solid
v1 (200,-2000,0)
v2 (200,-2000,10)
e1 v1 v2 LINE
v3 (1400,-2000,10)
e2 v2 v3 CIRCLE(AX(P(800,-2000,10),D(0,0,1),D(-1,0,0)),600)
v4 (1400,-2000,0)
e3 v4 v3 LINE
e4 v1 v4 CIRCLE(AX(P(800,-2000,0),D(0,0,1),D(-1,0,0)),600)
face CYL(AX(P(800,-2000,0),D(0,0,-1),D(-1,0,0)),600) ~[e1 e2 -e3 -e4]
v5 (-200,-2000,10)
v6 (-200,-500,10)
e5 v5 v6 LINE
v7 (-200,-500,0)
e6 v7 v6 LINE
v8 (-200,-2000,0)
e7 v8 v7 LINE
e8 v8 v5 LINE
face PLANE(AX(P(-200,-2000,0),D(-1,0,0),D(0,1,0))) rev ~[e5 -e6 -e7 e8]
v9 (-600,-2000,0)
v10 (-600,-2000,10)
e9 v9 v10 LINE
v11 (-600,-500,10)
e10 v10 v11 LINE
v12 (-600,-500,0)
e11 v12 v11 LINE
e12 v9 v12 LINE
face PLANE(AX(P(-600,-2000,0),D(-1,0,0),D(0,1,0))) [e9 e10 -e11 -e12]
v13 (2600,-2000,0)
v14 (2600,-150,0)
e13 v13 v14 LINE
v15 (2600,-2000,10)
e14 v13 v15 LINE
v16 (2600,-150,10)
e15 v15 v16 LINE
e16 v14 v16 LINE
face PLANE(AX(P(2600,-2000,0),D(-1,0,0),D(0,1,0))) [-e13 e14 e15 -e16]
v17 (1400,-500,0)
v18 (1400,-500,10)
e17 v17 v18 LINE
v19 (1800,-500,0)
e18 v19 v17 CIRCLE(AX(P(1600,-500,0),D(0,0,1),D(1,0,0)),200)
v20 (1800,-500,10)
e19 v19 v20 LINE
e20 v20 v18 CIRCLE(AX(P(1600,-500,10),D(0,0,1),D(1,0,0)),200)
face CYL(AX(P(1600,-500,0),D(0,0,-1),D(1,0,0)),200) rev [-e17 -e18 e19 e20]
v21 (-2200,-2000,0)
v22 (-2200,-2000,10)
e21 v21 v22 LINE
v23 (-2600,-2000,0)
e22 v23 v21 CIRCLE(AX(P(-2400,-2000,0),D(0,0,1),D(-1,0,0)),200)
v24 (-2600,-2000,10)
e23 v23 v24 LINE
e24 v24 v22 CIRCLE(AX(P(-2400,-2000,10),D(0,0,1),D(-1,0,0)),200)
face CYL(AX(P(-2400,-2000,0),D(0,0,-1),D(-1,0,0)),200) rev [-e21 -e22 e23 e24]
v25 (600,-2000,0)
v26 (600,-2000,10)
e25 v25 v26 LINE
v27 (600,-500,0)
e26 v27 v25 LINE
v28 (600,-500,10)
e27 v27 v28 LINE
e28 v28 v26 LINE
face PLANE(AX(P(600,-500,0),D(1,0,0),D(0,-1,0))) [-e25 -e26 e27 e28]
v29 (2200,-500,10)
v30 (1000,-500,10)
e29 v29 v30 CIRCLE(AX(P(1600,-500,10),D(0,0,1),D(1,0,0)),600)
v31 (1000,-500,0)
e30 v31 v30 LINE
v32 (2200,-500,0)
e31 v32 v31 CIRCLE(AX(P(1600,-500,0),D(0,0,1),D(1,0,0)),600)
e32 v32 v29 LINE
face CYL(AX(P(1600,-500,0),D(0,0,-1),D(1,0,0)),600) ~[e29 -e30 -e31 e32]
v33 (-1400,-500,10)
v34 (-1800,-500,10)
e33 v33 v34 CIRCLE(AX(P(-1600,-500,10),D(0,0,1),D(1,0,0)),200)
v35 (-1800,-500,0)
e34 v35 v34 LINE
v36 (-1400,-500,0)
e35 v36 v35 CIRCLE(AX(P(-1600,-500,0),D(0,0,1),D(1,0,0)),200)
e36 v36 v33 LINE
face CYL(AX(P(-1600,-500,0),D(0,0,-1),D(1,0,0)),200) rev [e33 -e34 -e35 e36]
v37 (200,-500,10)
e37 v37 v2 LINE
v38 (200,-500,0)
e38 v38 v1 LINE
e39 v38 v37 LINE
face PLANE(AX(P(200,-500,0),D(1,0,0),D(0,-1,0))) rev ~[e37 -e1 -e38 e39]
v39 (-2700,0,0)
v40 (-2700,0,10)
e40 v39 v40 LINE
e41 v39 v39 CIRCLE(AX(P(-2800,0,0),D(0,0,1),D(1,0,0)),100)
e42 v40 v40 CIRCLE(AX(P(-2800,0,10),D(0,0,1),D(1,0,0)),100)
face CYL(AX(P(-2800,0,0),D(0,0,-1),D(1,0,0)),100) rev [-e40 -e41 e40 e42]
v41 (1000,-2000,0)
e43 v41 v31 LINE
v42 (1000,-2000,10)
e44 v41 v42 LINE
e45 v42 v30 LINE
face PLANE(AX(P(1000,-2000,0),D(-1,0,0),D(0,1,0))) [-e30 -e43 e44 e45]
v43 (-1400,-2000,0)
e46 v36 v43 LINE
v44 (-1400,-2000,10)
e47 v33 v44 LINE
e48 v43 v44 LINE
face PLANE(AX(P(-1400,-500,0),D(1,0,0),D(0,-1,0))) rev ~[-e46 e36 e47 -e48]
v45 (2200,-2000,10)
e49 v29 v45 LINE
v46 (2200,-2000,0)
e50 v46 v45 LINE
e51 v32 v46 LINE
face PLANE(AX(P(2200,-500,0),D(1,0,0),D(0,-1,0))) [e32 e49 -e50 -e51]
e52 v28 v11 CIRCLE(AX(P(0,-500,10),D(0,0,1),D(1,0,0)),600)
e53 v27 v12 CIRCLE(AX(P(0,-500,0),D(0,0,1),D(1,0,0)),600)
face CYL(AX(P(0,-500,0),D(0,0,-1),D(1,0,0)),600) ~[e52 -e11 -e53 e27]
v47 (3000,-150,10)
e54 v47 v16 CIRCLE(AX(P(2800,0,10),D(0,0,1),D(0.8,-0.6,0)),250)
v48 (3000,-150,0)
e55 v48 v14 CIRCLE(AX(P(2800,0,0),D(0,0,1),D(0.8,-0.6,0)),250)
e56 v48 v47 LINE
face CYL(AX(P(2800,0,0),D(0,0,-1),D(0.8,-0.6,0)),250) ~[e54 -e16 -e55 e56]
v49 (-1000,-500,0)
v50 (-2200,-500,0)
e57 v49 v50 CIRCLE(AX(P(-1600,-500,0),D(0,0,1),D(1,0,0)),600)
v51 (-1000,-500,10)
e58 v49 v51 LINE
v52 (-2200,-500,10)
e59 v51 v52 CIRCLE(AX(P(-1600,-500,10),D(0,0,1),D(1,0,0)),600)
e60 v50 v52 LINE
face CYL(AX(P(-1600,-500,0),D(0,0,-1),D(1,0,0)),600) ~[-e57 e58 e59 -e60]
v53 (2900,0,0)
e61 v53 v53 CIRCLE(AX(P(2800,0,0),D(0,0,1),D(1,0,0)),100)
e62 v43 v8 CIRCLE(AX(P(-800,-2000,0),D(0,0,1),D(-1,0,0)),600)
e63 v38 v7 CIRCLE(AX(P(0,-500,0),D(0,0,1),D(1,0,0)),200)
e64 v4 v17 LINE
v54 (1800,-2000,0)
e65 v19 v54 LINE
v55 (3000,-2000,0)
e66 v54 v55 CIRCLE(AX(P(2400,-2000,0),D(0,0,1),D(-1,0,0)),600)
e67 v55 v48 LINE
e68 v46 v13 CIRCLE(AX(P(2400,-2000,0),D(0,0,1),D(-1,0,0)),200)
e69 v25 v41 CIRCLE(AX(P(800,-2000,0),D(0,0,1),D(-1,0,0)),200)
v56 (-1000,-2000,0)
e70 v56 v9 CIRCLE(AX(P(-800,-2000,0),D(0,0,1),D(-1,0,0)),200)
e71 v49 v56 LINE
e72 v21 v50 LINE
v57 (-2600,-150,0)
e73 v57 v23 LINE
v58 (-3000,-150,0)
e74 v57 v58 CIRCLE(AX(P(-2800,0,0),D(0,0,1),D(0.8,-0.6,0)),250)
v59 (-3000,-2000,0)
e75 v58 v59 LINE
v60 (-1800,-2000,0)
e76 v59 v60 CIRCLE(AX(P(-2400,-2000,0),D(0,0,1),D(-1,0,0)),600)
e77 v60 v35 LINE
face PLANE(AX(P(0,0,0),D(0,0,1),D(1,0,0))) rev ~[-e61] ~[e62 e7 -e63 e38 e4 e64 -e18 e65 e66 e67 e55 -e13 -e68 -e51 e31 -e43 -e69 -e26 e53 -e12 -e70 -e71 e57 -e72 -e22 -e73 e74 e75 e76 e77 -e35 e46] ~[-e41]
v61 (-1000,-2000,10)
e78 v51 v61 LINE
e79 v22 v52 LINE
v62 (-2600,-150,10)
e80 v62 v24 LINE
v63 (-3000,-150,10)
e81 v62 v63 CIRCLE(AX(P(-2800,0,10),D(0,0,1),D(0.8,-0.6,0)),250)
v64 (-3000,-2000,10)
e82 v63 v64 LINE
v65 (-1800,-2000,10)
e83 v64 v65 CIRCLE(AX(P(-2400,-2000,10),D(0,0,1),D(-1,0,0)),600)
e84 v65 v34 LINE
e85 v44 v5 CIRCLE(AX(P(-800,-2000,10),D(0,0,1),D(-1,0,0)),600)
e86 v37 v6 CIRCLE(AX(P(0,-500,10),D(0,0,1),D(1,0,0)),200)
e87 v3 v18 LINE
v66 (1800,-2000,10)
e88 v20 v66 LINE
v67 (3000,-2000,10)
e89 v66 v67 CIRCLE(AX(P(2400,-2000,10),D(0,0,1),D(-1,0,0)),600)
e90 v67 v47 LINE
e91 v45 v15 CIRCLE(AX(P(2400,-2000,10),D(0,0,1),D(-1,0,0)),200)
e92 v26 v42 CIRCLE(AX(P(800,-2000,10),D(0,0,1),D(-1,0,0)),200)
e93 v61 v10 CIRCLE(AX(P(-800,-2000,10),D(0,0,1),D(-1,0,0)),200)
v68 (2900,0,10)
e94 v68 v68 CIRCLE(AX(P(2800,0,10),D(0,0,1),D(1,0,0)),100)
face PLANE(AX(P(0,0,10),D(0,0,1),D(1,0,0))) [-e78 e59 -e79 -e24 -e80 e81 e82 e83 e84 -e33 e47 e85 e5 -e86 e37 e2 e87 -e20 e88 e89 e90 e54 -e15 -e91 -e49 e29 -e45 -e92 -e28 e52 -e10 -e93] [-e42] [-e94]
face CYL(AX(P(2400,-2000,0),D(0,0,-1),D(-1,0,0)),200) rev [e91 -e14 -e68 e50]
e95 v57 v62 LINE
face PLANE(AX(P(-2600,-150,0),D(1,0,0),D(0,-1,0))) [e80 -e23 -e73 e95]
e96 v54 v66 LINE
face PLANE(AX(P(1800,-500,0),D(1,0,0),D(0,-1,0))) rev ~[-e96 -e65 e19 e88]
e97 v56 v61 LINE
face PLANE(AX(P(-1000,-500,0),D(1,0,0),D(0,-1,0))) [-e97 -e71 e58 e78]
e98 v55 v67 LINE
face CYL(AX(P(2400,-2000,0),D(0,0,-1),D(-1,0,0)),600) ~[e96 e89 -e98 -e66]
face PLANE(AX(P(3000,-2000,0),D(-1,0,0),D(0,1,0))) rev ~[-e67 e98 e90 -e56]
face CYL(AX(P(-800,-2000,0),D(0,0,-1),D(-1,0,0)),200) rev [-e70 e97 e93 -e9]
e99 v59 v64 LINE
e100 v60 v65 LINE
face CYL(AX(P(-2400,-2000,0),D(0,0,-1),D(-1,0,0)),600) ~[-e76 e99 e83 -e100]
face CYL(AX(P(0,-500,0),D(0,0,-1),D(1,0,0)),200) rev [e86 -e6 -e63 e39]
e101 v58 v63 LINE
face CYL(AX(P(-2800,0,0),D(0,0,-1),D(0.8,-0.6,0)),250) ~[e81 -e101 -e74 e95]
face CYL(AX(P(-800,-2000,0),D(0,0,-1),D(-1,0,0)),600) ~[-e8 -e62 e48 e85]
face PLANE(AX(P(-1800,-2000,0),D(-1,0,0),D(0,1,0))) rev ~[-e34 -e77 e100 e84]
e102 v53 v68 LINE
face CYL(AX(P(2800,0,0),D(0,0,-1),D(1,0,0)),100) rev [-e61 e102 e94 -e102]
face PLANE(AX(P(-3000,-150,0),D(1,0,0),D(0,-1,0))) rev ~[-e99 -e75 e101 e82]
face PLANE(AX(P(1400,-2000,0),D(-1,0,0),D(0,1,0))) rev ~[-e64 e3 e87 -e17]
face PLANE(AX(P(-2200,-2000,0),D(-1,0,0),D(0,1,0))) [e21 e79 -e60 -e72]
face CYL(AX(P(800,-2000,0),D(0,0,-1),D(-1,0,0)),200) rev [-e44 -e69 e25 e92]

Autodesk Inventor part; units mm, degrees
ref_plane "YZ Plane" through (0, 0, 0) normal (1, 0, 0) x (0, 1, 0)
ref_plane "XZ Plane" through (0, 0, 0) normal (0, 1, 0) x (-1, 0, 0)
ref_plane "XY Plane" through (0, 0, 0) normal (0, 0, 1) x (1, 0, 0)
sketch "Sketch3" plane through (0, 0, 0) normal (0, 0, 1) x (1, 0, 0)
  circle A0 centre (-2800, 0) radius 250 construction
  line L0 (-2800, 0) -> (-2800, -2000) construction
  line L1 (-3000, -150) -> (-3000, -2000)
  line L2 (-2600, -150) -> (-2600, -2000)
  circle A1 centre (-2400, -2000) radius 200 construction
  arc A2 (-2600, -2000) -> (-2200, -2000) centre (-2400, -2000) ccw
  circle A3 centre (-2400, -2000) radius 600 construction
  arc A4 (-3000, -2000) -> (-1800, -2000) centre (-2400, -2000) ccw
  line L3 (-2200, -2000) -> (-2200, -500)
  line L4 (-1800, -2000) -> (-1800, -500)
  circle A5 centre (-1600, -500) radius 200 construction
  arc A6 (-1400, -500) -> (-1800, -500) centre (-1600, -500) ccw
  circle A7 centre (-1600, -500) radius 600 construction
  arc A8 (-1000, -500) -> (-2200, -500) centre (-1600, -500) ccw
  line L5 (-1400, -500) -> (-1400, -2000)
  line L6 (-1000, -500) -> (-1000, -2000)
  circle A9 centre (-800, -2000) radius 200 construction
  arc A10 (-1000, -2000) -> (-600, -2000) centre (-800, -2000) ccw
  circle A11 centre (-800, -2000) radius 600 construction
  arc A12 (-1400, -2000) -> (-200, -2000) centre (-800, -2000) ccw
  line L7 (-600, -2000) -> (-600, -500)
  line L8 (-200, -2000) -> (-200, -500)
  circle A13 centre (0, -500) radius 200 construction
  arc A14 (200, -500) -> (-200, -500) centre (0, -500) ccw
  circle A15 centre (0, -500) radius 600 construction
  arc A16 (600, -500) -> (-600, -500) centre (0, -500) ccw
  line L9 (200, -500) -> (200, -2000)
  line L10 (600, -500) -> (600, -2000)
  circle A17 centre (800, -2000) radius 200 construction
  arc A18 (600, -2000) -> (1000, -2000) centre (800, -2000) ccw
  circle A19 centre (800, -2000) radius 600 construction
  arc A20 (200, -2000) -> (1400, -2000) centre (800, -2000) ccw
  line L11 (1000, -2000) -> (1000, -500)
  line L12 (1400, -2000) -> (1400, -500)
  circle A21 centre (1600, -500) radius 200 construction
  arc A22 (1800, -500) -> (1400, -500) centre (1600, -500) ccw
  circle A23 centre (1600, -500) radius 600 construction
  arc A24 (2200, -500) -> (1000, -500) centre (1600, -500) ccw
  line L13 (1800, -500) -> (1800, -2000)
  line L14 (2200, -500) -> (2200, -2000)
  circle A25 centre (2400, -2000) radius 200 construction
  arc A26 (2200, -2000) -> (2600, -2000) centre (2400, -2000) ccw
  circle A27 centre (2400, -2000) radius 600 construction
  arc A28 (1800, -2000) -> (3000, -2000) centre (2400, -2000) ccw
  line L15 (2600, -2000) -> (2600, -150)
  line L16 (3000, -2000) -> (3000, -150)
  circle A29 centre (2800, 0) radius 250 construction
  line L17 (-2800, 0) -> (2800, 0) construction
  circle A30 centre (-2800, 0) radius 100
  circle A31 centre (2800, 0) radius 100
  arc A32 (-2600, -150) -> (-3000, -150) centre (-2800, 0) ccw
  arc A33 (3000, -150) -> (2600, -150) centre (2800, 0) ccw
  point P0 (0, 0)
  point P1 (0, 0)
  point P2 (0, 0)
  dimension "d52" = 500
  dimension "d40" = 500
  dimension "d41" = 2000
  dimension "d42" = 200
  dimension "d44" = 400
  dimension "d45" = 1500
  dimension "d46" = 400
  dimension "d47" = 400
  dimension "d48" = 400
  dimension "d49" = 400
  dimension "d50" = 400
  dimension "d51" = 400
  dimension "d53" = 200
  dimension "d54" = 200
extrude "Extrusion2" add sketch "Sketch3" along normal blind 10
properties part number "sensor-0002-001"
